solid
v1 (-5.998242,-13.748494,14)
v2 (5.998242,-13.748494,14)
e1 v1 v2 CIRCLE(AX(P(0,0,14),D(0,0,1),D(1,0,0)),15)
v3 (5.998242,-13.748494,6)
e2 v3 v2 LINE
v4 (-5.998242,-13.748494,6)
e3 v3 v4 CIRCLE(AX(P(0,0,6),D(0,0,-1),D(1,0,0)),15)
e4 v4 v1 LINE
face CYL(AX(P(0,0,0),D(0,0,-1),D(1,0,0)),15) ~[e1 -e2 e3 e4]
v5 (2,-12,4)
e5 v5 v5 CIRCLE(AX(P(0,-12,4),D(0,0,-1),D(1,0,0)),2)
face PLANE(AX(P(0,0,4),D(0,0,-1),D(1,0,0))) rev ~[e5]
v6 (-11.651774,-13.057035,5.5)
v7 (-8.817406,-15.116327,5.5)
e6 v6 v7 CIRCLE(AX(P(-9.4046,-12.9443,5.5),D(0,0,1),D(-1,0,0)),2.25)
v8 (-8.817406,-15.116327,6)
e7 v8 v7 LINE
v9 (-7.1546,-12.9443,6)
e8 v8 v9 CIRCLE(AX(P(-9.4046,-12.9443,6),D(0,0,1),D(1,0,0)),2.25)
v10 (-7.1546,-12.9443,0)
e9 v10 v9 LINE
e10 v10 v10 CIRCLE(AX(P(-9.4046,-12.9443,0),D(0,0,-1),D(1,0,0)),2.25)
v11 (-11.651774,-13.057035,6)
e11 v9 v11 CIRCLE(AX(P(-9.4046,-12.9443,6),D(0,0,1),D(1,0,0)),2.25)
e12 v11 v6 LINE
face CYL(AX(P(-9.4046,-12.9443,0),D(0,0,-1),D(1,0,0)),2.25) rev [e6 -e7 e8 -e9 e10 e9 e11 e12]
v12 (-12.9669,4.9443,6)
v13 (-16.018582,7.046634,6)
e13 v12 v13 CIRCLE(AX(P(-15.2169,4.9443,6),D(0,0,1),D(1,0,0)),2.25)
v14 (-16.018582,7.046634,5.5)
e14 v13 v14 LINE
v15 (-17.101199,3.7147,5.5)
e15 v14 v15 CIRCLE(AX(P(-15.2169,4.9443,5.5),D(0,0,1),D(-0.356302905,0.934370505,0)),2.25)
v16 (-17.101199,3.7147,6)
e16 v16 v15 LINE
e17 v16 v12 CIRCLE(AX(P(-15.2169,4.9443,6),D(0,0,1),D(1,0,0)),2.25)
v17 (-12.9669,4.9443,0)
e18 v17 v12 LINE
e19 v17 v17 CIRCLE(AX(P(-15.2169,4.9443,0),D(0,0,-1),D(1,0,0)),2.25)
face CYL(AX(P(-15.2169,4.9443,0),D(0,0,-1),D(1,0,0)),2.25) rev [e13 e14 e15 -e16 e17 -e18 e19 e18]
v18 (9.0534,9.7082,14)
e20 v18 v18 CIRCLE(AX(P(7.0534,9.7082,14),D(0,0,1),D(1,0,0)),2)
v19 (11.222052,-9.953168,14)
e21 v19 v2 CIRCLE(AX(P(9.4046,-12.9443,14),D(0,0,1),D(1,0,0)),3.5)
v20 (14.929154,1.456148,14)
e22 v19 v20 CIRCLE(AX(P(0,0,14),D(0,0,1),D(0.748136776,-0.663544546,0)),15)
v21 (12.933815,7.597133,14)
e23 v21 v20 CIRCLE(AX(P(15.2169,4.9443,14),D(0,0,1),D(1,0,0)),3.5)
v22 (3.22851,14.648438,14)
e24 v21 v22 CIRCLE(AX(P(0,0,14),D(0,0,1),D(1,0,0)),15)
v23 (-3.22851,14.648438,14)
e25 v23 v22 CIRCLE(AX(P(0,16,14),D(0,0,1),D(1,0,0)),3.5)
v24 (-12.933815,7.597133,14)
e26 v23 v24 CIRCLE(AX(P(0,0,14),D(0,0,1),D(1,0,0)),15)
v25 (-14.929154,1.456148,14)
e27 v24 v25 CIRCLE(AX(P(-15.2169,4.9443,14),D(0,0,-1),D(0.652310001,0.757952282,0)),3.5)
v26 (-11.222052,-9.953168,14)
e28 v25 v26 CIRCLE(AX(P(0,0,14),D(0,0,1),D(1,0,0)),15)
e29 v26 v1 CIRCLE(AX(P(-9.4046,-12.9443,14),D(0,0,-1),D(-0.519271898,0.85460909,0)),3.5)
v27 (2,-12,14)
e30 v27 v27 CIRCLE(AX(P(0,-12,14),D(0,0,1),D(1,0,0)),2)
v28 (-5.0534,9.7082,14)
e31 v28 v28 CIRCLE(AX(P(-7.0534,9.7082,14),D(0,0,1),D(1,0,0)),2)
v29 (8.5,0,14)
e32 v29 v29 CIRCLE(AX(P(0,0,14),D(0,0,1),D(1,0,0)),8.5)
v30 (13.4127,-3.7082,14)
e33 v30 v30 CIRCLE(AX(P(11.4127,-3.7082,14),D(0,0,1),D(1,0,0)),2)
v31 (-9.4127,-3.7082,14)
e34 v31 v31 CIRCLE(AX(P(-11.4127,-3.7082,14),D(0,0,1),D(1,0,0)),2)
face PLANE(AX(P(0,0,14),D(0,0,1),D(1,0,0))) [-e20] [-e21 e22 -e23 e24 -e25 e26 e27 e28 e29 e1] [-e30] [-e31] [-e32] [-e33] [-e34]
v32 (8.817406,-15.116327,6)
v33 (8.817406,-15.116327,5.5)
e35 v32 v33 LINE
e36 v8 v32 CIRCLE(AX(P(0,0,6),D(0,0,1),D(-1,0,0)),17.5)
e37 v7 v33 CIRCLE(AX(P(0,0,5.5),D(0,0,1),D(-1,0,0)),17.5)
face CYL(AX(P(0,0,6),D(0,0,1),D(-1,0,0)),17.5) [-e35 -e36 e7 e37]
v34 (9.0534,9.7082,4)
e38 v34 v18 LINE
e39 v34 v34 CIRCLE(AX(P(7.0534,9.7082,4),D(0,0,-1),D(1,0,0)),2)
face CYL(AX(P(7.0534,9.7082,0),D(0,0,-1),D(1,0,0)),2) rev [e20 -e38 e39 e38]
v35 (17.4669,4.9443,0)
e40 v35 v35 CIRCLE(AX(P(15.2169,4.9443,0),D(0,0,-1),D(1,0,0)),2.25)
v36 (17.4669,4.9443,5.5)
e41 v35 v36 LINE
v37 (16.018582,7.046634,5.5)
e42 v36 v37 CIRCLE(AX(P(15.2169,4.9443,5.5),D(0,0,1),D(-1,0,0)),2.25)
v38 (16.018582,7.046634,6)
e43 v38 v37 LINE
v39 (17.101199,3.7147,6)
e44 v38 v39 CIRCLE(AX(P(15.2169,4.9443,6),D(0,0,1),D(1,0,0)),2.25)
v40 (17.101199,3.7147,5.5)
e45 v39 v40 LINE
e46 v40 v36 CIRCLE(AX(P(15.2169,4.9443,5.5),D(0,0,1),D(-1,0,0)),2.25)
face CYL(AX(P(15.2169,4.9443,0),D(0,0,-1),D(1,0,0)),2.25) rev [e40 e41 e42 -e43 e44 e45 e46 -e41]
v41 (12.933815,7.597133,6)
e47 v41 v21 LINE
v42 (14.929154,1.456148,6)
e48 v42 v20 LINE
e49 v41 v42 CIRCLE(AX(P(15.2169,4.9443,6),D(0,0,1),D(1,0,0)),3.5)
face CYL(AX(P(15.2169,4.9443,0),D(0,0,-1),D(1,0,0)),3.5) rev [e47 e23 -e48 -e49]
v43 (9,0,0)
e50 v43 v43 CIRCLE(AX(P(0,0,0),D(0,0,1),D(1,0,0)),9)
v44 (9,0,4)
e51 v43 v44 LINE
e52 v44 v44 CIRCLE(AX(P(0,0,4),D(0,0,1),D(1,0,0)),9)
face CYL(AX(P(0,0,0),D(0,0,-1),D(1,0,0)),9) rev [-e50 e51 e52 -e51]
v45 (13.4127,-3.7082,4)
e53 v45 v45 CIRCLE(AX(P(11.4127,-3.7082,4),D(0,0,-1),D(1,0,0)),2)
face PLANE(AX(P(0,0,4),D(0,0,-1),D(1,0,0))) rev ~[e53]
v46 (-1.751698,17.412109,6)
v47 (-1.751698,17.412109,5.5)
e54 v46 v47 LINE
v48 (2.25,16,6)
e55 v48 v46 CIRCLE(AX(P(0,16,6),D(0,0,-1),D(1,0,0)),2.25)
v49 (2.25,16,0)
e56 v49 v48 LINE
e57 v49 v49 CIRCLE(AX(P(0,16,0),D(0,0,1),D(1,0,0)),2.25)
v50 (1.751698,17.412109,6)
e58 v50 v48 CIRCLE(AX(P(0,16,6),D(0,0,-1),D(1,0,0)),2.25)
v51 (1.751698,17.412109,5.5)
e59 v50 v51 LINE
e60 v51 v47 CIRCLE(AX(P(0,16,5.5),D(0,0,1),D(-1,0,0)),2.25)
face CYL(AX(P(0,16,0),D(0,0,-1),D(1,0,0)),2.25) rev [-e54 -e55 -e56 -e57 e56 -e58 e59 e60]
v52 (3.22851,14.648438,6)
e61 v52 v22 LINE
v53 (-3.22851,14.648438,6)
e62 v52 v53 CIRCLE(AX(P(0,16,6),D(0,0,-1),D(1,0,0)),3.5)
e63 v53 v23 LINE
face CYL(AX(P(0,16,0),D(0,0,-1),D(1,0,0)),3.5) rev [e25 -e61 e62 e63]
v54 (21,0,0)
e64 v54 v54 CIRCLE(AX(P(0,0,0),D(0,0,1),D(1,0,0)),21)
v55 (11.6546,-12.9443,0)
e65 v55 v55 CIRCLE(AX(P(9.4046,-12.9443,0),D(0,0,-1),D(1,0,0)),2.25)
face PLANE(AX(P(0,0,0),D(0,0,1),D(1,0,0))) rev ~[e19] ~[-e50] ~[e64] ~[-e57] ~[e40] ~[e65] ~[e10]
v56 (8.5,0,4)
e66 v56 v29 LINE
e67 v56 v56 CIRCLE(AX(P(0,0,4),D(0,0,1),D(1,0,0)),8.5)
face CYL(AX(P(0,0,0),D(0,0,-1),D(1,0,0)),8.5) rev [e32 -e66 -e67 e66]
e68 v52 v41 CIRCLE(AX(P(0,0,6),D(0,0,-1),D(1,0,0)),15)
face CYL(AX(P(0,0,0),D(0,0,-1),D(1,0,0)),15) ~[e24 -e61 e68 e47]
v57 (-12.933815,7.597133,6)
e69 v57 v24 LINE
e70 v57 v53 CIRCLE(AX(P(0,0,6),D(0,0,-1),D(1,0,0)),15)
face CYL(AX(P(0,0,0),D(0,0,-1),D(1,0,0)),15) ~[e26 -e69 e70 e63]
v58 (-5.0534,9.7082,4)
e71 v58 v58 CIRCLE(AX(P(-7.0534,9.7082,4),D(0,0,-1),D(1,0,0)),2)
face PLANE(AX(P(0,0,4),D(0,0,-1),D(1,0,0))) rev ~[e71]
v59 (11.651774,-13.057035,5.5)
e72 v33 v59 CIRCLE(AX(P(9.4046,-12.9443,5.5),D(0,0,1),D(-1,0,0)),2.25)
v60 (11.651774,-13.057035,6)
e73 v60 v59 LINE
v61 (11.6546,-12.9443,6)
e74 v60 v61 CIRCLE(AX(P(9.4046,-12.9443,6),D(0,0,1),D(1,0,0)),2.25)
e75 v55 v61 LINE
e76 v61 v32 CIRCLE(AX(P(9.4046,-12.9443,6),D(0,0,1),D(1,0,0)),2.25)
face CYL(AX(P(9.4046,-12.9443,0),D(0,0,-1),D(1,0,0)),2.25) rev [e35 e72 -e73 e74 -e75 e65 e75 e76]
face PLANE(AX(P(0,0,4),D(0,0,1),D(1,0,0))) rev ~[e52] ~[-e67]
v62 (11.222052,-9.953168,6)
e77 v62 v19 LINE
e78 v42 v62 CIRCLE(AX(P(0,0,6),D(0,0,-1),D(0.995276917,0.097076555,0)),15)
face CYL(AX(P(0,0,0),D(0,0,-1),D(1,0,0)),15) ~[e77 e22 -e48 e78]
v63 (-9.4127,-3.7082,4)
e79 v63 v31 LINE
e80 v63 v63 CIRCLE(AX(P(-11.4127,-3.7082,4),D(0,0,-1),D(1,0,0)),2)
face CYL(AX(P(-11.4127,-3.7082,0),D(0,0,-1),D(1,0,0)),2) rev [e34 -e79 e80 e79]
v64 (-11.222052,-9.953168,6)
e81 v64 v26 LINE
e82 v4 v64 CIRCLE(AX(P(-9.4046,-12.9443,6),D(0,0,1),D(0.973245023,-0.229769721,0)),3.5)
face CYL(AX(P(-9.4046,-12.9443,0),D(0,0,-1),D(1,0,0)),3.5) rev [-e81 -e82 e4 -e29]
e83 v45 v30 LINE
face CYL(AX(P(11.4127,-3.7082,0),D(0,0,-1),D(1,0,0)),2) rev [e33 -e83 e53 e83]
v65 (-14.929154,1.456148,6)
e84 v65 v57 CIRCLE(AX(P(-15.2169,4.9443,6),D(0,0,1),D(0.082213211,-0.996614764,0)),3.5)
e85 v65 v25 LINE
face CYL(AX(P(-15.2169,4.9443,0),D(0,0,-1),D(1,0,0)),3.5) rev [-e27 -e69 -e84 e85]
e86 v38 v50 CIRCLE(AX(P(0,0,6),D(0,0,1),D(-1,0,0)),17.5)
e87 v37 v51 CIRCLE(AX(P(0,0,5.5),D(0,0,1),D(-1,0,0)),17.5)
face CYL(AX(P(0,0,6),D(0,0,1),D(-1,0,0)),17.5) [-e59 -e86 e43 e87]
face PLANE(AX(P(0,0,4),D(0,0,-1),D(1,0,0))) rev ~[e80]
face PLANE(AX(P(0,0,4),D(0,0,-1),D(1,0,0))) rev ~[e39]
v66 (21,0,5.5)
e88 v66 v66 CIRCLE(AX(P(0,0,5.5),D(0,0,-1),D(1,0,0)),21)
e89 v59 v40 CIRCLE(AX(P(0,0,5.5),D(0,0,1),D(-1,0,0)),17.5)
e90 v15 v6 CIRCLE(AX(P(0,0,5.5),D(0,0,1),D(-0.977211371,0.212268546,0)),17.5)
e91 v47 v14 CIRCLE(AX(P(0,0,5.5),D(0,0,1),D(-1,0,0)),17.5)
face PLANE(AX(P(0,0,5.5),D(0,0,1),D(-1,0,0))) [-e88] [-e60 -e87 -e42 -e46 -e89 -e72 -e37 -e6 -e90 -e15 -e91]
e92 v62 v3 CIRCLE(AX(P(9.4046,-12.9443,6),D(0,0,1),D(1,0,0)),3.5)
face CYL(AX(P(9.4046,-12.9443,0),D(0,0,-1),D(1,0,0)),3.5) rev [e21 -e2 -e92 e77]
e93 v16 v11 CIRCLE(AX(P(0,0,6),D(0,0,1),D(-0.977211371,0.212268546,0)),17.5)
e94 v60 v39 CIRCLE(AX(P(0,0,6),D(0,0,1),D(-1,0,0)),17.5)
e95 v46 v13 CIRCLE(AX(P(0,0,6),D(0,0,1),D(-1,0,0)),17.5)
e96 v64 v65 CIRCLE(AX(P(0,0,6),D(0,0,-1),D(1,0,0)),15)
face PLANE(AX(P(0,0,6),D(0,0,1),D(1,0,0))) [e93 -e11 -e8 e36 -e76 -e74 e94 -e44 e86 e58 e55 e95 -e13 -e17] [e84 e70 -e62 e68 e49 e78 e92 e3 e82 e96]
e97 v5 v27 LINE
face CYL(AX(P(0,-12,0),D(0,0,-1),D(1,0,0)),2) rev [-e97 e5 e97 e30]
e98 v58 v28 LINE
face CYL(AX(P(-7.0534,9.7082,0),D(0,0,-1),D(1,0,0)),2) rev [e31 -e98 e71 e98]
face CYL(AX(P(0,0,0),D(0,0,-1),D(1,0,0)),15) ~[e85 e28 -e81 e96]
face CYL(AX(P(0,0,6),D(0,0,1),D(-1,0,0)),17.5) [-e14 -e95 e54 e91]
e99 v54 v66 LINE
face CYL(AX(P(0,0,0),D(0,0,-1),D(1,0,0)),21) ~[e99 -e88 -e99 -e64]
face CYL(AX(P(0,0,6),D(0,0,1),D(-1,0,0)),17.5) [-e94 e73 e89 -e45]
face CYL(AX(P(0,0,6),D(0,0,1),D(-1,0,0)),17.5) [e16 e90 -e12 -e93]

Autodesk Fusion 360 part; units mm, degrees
sketch "Sketch1" plane through (0, 0, 0) normal (0, 0, 1) x (1, 0, 0)
  circle A0 centre (0, 0) radius 9
  circle A1 centre (0, 0) radius 16 construction
  line L0 (0, 0) -> (0, 16) construction
  circle A2 centre (0, 16) radius 3.5
  circle A3 centre (-15.2169, 4.9443) radius 3.5
  circle A4 centre (-9.4046, -12.9443) radius 3.5
  circle A5 centre (9.4046, -12.9443) radius 3.5
  circle A6 centre (15.2169, 4.9443) radius 3.5
  circle A7 centre (0, 0) radius 15
  circle A8 centre (0, 0) radius 21
  circle A9 centre (0, 0) radius 12 construction
  line L1 (0, 0) -> (-8.8168, 12.1353) construction
  circle A10 centre (-7.0534, 9.7082) radius 2
  circle A11 centre (-7.0534, 9.7082) radius 2.25 construction
  circle A12 centre (-11.4127, -3.7082) radius 2
  circle A13 centre (0, -12) radius 2
  circle A14 centre (11.4127, -3.7082) radius 2
  circle A15 centre (7.0534, 9.7082) radius 2
  line L2 (0, 0) -> (-15.2169, 4.9443) construction
  circle A16 centre (0, 16) radius 2.25
  circle A17 centre (-15.2169, 4.9443) radius 2.25
  circle A18 centre (-9.4046, -12.9443) radius 2.25
  circle A19 centre (9.4046, -12.9443) radius 2.25
  circle A20 centre (15.2169, 4.9443) radius 2.25
  circle A21 centre (0, 0) radius 8.5
  dimension "d1" = 18
  dimension "d3" = 7
  dimension "d5" = 360
  dimension "d6" = 30
  dimension "d7" = 42
  dimension "d8" = 4
  dimension "d9" = 4.5
  dimension "d10" = 24
  dimension "d12" = 360
  dimension "d13" = 36
  dimension "d14" = 72
  dimension "d17" = 4.5
  dimension "d19" = 360
  dimension "d26" = 17
  dimension "d31" = 32
extrude "Extrude1" add sketch "Sketch1" along normal blind 6 contours A2 A3 A4 A5 A6 A7 | A8
extrude "Extrude6" add sketch "Sketch1" along normal blind 14 contours A2 A3 A4 A5 A6 A7
extrude "Extrude7" add sketch "Sketch1" along normal blind 6 contours A2 A7 A16 | A2 A7 A16 | A3 A7 A17 | A3 A7 A17 | A6 A7 A20 | A6 A7 A20 | A4 A7 A18 | A4 A7 A18 | A5 A7 A19 | A5 A7 A19
extrude "Extrude4" add sketch "Sketch1" along normal blind 14 contours A0
extrude "Extrude5" cut sketch "Sketch1" along normal blind 4 contours A0
sketch "Sketch2" plane through (0, 0, 6) normal (0, 0, 1) x (-1, 0, 0)
  circle A0 centre (0, 0) radius 21
  arc A1 (-12.9338, -7.5971) -> (-3.2285, -14.6484) centre (0, 0) ccw
  arc A2 (-12.9338, -7.5971) -> (-14.9292, -1.4561) centre (-15.2169, -4.9443) ccw
  arc A3 (-11.2221, 9.9532) -> (-14.9292, -1.4561) centre (0, 0) ccw
  arc A4 (-11.2221, 9.9532) -> (-5.9982, 13.7485) centre (-9.4046, 12.9443) ccw
  arc A5 (5.9982, 13.7485) -> (-5.9982, 13.7485) centre (0, 0) ccw
  arc A6 (5.9982, 13.7485) -> (11.2221, 9.9532) centre (9.4046, 12.9443) ccw
  arc A7 (14.9292, -1.4561) -> (11.2221, 9.9532) centre (0, 0) ccw
  arc A8 (14.9292, -1.4561) -> (12.9338, -7.5971) centre (15.2169, -4.9443) ccw
  arc A9 (3.2285, -14.6484) -> (12.9338, -7.5971) centre (0, 0) ccw
  arc A10 (3.2285, -14.6484) -> (-3.2285, -14.6484) centre (0, -16) ccw
  circle A11 centre (0, 0) radius 17.5
  circle A12 centre (9.4046, 12.9443) radius 2.25
  circle A13 centre (15.2169, -4.9443) radius 2.25
  circle A14 centre (-9.4046, 12.9443) radius 2.25
  circle A15 centre (0, -16) radius 2.25
  circle A16 centre (-15.2169, -4.9443) radius 2.25
  dimension "d36" = 35
extrude "Extrude8" cut sketch "Sketch2" against normal blind 0.5 contours A0
sketch "Sketch3" plane through (0, 0, 0) normal (0, 0, -1) x (1, 0, 0)
  circle A0 centre (0, 0) radius 9
  circle A1 centre (-9.4046, 12.9443) radius 2.25
  circle A2 centre (-15.2169, -4.9443) radius 2.25
  circle A3 centre (9.4046, 12.9443) radius 2.25
  circle A4 centre (0, -16) radius 2.25
  circle A5 centre (15.2169, -4.9443) radius 2.25
  circle A6 centre (-7.0534, -9.7082) radius 2
  circle A7 centre (11.4127, 3.7082) radius 2
  circle A8 centre (0, 12) radius 2
  circle A9 centre (7.0534, -9.7082) radius 2
  circle A10 centre (-11.4127, 3.7082) radius 2
  circle A11 centre (0, 0) radius 21
extrude "Extrude9" add sketch "Sketch3" against normal blind 4 contours A6 | A7 | A8 | A9 | A10
equation "d10 = ( d6 - d1 ) / 2 + d1"
equation "d13 = d14 / 2"
